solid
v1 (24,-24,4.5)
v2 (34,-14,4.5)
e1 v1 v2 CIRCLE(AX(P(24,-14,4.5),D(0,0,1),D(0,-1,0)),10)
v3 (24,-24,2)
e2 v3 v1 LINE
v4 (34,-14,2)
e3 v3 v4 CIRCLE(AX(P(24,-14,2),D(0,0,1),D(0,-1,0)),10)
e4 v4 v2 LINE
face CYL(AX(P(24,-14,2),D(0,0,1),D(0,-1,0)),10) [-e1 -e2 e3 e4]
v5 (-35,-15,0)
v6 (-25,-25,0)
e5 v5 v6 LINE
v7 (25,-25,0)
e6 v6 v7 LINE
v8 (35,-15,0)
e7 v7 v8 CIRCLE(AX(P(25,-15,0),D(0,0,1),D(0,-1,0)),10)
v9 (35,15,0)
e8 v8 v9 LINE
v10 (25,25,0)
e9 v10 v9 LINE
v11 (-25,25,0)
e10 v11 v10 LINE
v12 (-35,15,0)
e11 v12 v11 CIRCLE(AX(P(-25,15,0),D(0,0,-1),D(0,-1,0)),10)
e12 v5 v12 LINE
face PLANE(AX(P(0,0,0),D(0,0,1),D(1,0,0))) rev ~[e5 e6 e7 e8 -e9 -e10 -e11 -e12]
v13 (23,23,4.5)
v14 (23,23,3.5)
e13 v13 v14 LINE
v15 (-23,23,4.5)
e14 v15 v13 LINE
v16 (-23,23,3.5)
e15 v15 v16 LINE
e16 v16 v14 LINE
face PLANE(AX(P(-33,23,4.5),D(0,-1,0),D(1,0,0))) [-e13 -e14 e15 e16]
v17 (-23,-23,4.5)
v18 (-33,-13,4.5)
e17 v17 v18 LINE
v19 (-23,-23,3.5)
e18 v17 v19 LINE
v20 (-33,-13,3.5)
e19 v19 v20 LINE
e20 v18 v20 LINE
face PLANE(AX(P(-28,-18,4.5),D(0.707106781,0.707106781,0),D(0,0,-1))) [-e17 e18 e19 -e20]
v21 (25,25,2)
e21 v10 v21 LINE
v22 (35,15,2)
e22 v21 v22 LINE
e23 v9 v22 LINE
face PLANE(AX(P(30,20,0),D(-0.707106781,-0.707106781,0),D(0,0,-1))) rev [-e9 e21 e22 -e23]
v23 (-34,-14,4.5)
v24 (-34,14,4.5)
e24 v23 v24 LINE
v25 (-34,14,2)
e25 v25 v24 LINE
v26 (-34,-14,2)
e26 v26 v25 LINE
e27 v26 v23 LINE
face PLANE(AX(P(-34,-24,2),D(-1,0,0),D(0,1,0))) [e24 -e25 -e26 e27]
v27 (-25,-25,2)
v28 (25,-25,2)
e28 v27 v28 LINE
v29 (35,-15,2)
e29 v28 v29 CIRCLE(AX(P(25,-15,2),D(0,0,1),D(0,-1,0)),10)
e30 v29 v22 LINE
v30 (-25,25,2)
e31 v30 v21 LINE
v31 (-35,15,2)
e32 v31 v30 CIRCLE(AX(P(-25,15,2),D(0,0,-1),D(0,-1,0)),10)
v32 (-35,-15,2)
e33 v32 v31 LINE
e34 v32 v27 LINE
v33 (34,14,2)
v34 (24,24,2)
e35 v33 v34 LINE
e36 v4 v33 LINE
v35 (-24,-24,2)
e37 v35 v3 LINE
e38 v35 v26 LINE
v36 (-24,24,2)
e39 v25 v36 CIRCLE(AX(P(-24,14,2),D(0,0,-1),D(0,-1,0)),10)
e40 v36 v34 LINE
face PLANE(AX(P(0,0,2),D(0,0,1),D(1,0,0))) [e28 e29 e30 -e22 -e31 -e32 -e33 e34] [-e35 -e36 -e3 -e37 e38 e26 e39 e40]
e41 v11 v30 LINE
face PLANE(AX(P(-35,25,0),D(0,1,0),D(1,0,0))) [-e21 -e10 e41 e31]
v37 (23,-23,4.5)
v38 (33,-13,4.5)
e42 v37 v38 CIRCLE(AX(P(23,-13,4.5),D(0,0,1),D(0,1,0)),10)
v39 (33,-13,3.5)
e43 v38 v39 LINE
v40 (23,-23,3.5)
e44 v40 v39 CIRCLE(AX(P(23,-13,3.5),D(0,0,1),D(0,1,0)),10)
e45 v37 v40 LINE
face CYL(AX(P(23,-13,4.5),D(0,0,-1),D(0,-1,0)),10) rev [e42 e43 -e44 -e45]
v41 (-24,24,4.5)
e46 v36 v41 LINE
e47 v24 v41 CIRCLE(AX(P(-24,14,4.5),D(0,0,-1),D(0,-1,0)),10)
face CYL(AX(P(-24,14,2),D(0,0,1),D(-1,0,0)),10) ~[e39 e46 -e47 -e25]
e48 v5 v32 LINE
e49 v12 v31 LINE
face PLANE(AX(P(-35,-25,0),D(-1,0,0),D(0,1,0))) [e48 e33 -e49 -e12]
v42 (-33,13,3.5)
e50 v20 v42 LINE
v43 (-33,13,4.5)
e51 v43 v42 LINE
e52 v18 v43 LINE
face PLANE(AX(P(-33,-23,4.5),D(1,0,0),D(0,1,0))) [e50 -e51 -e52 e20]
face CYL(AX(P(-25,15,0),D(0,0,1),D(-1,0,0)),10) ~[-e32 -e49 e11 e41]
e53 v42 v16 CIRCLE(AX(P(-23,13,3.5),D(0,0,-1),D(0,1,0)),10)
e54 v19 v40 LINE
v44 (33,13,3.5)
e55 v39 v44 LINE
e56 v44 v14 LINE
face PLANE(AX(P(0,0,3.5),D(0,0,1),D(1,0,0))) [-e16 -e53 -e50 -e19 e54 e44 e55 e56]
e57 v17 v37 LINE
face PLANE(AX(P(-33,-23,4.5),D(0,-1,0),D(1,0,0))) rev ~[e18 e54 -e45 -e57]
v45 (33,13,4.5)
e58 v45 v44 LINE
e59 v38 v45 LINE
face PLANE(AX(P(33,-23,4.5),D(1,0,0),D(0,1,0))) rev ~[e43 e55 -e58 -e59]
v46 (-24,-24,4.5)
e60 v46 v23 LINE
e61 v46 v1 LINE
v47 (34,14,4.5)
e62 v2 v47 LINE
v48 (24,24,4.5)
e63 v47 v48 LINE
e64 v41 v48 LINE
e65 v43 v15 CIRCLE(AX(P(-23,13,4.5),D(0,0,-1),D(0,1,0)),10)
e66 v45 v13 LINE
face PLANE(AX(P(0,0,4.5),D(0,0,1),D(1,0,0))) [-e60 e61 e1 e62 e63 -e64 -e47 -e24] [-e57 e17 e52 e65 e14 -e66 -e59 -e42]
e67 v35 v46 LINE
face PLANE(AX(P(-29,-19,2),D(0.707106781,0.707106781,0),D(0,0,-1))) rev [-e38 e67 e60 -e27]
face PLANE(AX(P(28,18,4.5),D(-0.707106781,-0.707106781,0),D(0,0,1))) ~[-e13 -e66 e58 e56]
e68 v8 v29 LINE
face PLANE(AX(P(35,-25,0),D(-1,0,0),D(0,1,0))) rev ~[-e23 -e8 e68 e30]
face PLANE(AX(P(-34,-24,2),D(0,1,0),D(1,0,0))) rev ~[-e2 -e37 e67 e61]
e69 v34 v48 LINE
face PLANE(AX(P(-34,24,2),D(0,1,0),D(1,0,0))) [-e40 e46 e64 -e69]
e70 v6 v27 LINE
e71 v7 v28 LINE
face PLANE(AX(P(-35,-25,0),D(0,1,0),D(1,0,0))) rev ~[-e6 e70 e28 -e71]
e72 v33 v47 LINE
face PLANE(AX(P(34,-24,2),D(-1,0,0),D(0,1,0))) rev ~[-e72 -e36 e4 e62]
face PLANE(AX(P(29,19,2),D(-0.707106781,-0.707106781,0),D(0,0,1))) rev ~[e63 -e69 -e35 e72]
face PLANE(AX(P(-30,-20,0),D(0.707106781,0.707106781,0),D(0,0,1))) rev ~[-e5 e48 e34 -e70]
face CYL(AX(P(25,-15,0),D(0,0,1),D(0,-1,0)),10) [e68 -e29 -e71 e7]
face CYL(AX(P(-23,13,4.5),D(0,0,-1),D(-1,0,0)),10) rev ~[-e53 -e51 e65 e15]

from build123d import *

# Parameters (mm, degrees)
F0_W     = 70
F0_H     = 50
F1_DEPTH = 2
F2_W     = 68
F2_H     = 48
F3_DEPTH = 2.5
F4_W     = 66
F4_H     = 46
F5_DEPTH = 1
F6_SIZE  = 10
F7_R     = 10


with BuildPart() as f1:
    # F0 (on Top) → F1 (new body)
    with BuildSketch(Plane.XY):
        Rectangle(F0_W, F0_H)
    extrude(amount=F1_DEPTH)

    # F2 (on face) → F3 (join)
    with BuildSketch(Plane.XY.offset(2)):
        Rectangle(F2_W, F2_H)
    extrude(amount=F3_DEPTH)

    # F4 (on face) → F5 (cut)
    with BuildSketch(Plane.XY.offset(4.5)):
        Rectangle(F4_W, F4_H)
    extrude(amount=-F5_DEPTH, mode=Mode.SUBTRACT)

    # F6
    f6_edges = [f1.edges().sort_by_distance(p)[0] for p in [
        (33, 23, 4),
        (34, 24, 3.25),
        (35, 25, 1),
        (-33, -23, 4),
        (-34, -24, 3.25),
        (-35, -25, 1),
    ]]
    chamfer(f6_edges, length=F6_SIZE)

    # F7
    f7_edges = [f1.edges().sort_by_distance(p)[0] for p in [
        (33, -23, 4),
        (34, -24, 3.25),
        (35, -25, 1),
        (-33, 23, 4),
        (-34, 24, 3.25),
        (-35, 25, 1),
    ]]
    fillet(f7_edges, radius=F7_R)


solid = f1.part
